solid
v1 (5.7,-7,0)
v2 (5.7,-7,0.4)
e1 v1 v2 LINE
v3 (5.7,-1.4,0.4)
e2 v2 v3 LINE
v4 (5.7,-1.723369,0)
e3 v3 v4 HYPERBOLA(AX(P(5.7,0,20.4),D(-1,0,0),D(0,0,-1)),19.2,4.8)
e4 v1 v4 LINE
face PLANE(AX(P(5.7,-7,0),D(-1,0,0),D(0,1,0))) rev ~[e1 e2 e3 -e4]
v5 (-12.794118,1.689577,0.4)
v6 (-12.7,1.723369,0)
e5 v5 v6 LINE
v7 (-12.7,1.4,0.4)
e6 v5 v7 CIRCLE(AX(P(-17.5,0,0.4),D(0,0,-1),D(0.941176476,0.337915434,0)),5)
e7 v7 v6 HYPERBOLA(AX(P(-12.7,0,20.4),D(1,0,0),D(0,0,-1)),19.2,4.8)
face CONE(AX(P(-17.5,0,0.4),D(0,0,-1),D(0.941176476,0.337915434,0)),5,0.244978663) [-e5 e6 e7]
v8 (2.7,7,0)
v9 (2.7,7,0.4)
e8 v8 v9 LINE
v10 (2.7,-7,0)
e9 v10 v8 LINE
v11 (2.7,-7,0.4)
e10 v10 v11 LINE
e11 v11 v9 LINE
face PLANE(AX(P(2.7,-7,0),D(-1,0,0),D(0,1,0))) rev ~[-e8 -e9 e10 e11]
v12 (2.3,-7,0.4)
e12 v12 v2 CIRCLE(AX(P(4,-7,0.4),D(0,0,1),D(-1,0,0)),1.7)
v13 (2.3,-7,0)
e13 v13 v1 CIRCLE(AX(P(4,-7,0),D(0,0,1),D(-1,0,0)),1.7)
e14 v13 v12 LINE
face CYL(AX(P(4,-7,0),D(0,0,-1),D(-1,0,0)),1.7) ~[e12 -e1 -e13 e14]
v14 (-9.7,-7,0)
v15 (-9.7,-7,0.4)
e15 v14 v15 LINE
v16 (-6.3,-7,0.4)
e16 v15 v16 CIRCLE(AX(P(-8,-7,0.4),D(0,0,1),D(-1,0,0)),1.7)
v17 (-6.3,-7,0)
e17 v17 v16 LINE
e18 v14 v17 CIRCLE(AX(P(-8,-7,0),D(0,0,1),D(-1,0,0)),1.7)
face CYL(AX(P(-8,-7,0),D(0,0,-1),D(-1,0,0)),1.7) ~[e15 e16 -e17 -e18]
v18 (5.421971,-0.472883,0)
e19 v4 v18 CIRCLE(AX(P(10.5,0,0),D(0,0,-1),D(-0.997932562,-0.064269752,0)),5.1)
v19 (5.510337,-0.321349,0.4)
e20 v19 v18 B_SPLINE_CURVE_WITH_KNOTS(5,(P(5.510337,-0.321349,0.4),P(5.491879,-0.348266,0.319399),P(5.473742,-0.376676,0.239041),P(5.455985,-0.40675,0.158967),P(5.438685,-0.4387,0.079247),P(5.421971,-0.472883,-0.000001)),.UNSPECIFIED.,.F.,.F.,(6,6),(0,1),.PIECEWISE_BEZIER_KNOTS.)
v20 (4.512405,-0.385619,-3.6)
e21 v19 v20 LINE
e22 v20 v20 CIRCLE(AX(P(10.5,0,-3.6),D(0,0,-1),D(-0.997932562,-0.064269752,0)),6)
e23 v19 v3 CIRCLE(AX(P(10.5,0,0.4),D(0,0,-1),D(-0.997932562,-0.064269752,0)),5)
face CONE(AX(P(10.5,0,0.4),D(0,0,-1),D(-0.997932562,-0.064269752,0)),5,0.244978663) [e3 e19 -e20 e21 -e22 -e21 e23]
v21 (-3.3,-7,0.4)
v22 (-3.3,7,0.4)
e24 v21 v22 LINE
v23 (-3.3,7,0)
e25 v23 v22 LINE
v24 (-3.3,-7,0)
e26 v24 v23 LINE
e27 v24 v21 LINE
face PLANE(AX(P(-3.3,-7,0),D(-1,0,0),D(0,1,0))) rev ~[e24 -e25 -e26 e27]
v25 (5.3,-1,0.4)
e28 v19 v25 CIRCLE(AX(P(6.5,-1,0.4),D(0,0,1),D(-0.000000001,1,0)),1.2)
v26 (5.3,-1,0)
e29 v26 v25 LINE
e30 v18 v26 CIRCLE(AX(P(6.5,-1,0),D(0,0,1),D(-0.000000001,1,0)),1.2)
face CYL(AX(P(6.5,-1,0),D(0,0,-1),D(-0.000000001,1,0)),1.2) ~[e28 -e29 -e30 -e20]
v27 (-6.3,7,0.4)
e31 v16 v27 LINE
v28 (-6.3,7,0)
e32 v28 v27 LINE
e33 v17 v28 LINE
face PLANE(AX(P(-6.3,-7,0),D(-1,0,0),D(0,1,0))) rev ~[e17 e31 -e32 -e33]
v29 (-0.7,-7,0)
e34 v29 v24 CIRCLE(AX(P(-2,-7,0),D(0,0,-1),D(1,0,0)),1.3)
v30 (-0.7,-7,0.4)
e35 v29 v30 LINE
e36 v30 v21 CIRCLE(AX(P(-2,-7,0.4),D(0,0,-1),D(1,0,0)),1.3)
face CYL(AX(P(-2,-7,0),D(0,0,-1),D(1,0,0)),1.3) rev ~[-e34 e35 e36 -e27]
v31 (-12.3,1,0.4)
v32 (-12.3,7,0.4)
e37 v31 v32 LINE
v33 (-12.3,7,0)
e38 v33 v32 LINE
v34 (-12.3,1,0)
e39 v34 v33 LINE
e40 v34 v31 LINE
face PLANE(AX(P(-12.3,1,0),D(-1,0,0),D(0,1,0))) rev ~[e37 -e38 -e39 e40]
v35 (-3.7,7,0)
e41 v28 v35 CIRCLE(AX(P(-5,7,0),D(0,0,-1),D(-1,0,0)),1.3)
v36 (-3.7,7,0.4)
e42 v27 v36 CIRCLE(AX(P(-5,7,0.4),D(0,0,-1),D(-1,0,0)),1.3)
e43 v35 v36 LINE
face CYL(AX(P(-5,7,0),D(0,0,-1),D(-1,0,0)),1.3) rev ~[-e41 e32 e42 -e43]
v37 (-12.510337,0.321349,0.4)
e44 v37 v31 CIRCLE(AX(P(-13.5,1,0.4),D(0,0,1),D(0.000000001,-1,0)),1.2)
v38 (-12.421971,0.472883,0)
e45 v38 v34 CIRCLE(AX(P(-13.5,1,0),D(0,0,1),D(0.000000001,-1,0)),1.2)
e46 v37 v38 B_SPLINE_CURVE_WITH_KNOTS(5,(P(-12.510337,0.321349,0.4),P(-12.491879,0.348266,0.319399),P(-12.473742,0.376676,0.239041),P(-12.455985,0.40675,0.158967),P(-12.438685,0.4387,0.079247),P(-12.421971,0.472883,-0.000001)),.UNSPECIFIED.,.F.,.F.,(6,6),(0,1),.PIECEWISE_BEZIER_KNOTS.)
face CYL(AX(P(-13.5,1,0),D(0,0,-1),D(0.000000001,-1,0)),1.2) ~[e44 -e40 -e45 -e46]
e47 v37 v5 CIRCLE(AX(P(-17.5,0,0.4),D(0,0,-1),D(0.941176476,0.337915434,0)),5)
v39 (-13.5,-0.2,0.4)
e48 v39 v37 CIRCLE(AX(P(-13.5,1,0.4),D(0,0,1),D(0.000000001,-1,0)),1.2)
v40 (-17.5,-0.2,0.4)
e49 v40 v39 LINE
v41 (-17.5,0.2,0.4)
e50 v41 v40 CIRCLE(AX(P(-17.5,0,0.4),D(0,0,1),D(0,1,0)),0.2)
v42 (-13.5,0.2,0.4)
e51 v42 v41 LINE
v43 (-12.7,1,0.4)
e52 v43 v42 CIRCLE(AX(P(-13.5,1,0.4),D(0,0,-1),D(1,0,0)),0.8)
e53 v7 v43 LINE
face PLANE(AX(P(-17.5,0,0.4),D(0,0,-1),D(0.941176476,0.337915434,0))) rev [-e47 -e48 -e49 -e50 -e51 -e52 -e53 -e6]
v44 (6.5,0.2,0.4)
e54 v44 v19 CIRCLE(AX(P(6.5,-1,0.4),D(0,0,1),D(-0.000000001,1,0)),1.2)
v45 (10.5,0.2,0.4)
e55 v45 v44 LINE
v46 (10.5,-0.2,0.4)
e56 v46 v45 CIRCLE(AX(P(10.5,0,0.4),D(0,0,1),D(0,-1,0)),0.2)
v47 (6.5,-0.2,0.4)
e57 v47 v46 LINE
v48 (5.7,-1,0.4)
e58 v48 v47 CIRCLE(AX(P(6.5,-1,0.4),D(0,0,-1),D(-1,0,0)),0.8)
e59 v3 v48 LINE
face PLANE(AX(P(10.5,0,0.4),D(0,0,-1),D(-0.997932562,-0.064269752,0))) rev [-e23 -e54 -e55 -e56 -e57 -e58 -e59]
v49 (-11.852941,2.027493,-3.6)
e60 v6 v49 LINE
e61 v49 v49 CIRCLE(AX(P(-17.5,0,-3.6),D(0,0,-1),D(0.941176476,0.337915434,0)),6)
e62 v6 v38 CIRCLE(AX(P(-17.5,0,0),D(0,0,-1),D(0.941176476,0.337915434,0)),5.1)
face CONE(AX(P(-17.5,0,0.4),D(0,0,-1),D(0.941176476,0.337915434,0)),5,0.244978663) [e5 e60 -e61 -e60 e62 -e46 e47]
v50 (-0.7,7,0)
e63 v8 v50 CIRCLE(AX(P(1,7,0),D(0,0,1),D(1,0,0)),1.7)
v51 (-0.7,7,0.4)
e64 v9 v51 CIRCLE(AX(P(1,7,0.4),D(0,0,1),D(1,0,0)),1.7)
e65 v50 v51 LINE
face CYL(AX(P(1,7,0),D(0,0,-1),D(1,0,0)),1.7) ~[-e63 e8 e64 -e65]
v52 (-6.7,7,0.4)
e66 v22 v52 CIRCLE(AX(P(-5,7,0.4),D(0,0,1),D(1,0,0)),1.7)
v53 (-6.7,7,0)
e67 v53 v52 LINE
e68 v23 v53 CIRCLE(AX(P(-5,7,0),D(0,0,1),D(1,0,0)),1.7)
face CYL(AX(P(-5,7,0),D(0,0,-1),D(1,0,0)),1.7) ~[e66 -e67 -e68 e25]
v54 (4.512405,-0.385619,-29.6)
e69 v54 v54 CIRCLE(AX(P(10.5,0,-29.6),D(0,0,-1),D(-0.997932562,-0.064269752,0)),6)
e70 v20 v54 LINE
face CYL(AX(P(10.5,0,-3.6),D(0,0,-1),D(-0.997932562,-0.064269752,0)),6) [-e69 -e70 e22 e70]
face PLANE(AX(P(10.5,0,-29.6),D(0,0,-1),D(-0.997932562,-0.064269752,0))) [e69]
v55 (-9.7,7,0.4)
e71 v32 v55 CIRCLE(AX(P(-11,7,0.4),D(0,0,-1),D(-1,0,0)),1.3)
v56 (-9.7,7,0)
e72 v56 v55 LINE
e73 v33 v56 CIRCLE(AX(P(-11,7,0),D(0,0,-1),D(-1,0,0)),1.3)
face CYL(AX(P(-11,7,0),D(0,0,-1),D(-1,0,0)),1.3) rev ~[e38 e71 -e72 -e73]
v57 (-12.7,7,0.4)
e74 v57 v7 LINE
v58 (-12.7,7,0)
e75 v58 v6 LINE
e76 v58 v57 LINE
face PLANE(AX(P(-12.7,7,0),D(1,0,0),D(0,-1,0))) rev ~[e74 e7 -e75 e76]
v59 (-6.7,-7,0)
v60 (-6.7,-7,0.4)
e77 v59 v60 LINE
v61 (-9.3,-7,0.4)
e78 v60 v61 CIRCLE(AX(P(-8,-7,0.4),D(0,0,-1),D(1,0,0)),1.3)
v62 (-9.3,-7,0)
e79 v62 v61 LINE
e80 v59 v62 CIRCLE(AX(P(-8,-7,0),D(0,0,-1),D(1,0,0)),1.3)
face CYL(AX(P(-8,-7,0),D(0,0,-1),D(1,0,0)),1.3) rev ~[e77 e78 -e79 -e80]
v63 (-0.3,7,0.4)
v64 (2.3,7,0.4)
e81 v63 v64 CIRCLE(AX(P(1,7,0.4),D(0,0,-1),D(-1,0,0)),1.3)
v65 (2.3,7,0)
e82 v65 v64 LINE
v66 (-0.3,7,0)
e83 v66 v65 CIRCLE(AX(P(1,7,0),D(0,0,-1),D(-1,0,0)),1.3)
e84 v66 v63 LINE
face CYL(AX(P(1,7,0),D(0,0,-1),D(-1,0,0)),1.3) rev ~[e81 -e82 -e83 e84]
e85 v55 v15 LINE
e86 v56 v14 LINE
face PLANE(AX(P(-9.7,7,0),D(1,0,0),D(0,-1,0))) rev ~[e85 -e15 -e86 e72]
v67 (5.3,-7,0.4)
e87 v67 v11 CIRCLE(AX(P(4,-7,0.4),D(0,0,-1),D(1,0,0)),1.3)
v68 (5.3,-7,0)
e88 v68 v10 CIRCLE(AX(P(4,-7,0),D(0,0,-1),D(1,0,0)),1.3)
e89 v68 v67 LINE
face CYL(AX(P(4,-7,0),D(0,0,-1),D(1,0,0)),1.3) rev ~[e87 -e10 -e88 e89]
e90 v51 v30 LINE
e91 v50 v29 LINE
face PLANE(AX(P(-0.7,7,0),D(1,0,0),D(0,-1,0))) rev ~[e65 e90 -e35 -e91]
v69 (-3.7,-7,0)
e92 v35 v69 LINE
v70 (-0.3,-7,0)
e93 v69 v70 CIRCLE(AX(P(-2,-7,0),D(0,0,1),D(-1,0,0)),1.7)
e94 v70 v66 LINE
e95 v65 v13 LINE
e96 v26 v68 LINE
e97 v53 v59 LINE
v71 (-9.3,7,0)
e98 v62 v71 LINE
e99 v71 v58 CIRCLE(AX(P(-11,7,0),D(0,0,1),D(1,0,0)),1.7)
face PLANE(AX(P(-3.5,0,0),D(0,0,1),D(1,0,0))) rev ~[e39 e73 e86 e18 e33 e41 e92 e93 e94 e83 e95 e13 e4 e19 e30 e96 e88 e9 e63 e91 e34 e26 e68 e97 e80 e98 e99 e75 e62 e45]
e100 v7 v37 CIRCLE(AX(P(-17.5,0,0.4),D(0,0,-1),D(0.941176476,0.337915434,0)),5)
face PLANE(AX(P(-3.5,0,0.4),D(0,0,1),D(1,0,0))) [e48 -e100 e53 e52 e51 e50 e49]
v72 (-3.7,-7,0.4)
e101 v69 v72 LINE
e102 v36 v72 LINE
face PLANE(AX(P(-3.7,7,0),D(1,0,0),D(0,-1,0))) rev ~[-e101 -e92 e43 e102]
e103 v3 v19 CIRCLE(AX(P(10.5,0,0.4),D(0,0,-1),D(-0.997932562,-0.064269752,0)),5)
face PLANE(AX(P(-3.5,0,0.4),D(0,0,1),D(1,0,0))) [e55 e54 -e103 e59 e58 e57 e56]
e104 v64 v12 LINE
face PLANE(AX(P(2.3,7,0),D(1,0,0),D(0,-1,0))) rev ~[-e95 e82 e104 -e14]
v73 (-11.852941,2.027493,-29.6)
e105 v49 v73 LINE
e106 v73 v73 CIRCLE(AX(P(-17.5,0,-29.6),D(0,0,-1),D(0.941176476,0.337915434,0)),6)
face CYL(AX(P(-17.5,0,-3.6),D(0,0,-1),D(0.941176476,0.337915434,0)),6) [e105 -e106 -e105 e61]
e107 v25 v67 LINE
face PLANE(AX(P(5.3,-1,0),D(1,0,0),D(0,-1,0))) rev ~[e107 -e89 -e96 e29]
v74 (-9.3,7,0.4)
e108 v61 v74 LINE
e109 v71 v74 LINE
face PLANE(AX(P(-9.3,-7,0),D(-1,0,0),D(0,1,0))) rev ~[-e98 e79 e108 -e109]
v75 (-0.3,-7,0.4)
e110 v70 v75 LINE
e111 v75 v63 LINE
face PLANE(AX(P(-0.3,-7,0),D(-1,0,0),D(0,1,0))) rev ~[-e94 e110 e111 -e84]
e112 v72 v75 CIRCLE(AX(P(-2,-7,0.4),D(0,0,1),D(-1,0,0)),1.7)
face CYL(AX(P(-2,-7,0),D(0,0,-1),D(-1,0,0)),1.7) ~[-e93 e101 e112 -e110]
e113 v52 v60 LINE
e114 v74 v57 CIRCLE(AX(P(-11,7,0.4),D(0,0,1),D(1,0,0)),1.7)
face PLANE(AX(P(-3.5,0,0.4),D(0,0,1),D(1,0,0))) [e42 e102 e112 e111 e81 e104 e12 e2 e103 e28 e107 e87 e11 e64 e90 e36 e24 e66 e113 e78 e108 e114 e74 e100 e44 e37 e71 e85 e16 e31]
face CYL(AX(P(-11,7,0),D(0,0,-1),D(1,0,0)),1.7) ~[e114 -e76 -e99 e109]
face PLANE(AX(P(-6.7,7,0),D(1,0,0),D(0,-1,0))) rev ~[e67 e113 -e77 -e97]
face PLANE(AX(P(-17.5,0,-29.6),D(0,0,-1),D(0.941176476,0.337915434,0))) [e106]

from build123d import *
from build123d.topology import SkipClean

# Parameters (mm, degrees)
BOSS_EXTRUDE1_DEPTH = 0.4


with BuildPart() as part:
    # Sketch2 → Boss-Extrude1 (new body)
    with BuildSketch(Plane.XY):
        with BuildLine():
            Line((-17.5, -0.2), (-13.5, -0.2))
            ThreePointArc((-13.5, -0.2), (-12.651471863, 0.151471863), (-12.3, 1))
            Line((-12.3, 1), (-12.3, 7))
            ThreePointArc((-12.3, 7), (-11, 8.3), (-9.7, 7))
            Line((-9.7, 7), (-9.7, 0))
            Line((-9.7, 0), (-9.7, -7))
            ThreePointArc((-9.7, -7), (-8, -8.7), (-6.3, -7))
            Line((-6.3, -7), (-6.3, 0))
            Line((-6.3, 0), (-6.3, 7))
            ThreePointArc((-6.3, 7), (-5, 8.3), (-3.7, 7))
            Line((-3.7, 7), (-3.7, 0))
            Line((-3.7, 0), (-3.7, -7))
            ThreePointArc((-3.7, -7), (-2, -8.7), (-0.3, -7))
            Line((-0.3, -7), (-0.3, 0))
            Line((-0.3, 0), (-0.3, 7))
            ThreePointArc((-0.3, 7), (1, 8.3), (2.3, 7))
            Line((2.3, 7), (2.3, 0))
            Line((2.3, 0), (2.3, -7))
            ThreePointArc((2.3, -7), (4, -8.7), (5.7, -7))
            Line((5.7, -7), (5.7, -1))
            ThreePointArc((5.7, -1), (5.934314575, -0.434314575), (6.5, -0.2))
            Line((6.5, -0.2), (10.5, -0.2))
            ThreePointArc((10.5, -0.2), (10.7, 0), (10.5, 0.2))
            Line((10.5, 0.2), (6.5, 0.2))
            ThreePointArc((6.5, 0.2), (5.651471863, -0.151471863), (5.3, -1))
            Line((5.3, -1), (5.3, -7))
            ThreePointArc((5.3, -7), (4, -8.3), (2.7, -7))
            Line((2.7, -7), (2.7, 0))
            Line((2.7, 0), (2.7, 7))
            ThreePointArc((2.7, 7), (1, 8.7), (-0.7, 7))
            Line((-0.7, 7), (-0.7, 0))
            Line((-0.7, 0), (-0.7, -7))
            ThreePointArc((-0.7, -7), (-2, -8.3), (-3.3, -7))
            Line((-3.3, -7), (-3.3, 0))
            Line((-3.3, 0), (-3.3, 7))
            ThreePointArc((-3.3, 7), (-5, 8.7), (-6.7, 7))
            Line((-6.7, 7), (-6.7, 0))
            Line((-6.7, 0), (-6.7, -7))
            ThreePointArc((-6.7, -7), (-8, -8.3), (-9.3, -7))
            Line((-9.3, -7), (-9.3, 0))
            Line((-9.3, 0), (-9.3, 7))
            ThreePointArc((-9.3, 7), (-11, 8.7), (-12.7, 7))
            Line((-12.7, 7), (-12.7, 1))
            ThreePointArc((-12.7, 1), (-12.934314575, 0.434314575), (-13.5, 0.2))
            Line((-13.5, 0.2), (-17.5, 0.2))
            ThreePointArc((-17.5, 0.2), (-17.7, 0), (-17.5, -0.2))
        make_face()
    extrude(amount=BOSS_EXTRUDE1_DEPTH)

    # Sketch3 → Revolve1 (revolve)
    with SkipClean():  # the faces are left unmerged after this step: merging them gives an invalid solid
        with BuildSketch(Plane(origin=(0, 0, 0), x_dir=(-1, 0, 0), z_dir=(0, -1, 0)), mode=Mode.PRIVATE) as revolve1_sk:
            Polygon((17.5, -0.4), (22.5, -0.4), (23.5, 3.6), (23.5, 29.6), (17.5, 29.6), align=None)
        revolve(revolve1_sk.sketch.rotate(Axis((-17.5, 0, 0.4), (0, 0, -1)), 160.250078189), axis=Axis((-17.5, 0, 0.4), (0, 0, -1)))

    # Sketch4 → Revolve2 (revolve)
    with SkipClean():  # the faces are left unmerged after this step: merging them gives an invalid solid
        with BuildSketch(Plane(origin=(0, 0, 0), x_dir=(-1, 0, 0), z_dir=(0, -1, 0)), mode=Mode.PRIVATE) as revolve2_sk:
            Polygon((-10.5, -0.4), (-15.5, -0.4), (-16.5, 3.6), (-16.5, 29.6), (-10.5, 29.6), align=None)
        revolve(revolve2_sk.sketch.rotate(Axis((10.5, 0, 0.4), (0, 0, -1)), 176.315074658), axis=Axis((10.5, 0, 0.4), (0, 0, -1)))


solid = part.part
